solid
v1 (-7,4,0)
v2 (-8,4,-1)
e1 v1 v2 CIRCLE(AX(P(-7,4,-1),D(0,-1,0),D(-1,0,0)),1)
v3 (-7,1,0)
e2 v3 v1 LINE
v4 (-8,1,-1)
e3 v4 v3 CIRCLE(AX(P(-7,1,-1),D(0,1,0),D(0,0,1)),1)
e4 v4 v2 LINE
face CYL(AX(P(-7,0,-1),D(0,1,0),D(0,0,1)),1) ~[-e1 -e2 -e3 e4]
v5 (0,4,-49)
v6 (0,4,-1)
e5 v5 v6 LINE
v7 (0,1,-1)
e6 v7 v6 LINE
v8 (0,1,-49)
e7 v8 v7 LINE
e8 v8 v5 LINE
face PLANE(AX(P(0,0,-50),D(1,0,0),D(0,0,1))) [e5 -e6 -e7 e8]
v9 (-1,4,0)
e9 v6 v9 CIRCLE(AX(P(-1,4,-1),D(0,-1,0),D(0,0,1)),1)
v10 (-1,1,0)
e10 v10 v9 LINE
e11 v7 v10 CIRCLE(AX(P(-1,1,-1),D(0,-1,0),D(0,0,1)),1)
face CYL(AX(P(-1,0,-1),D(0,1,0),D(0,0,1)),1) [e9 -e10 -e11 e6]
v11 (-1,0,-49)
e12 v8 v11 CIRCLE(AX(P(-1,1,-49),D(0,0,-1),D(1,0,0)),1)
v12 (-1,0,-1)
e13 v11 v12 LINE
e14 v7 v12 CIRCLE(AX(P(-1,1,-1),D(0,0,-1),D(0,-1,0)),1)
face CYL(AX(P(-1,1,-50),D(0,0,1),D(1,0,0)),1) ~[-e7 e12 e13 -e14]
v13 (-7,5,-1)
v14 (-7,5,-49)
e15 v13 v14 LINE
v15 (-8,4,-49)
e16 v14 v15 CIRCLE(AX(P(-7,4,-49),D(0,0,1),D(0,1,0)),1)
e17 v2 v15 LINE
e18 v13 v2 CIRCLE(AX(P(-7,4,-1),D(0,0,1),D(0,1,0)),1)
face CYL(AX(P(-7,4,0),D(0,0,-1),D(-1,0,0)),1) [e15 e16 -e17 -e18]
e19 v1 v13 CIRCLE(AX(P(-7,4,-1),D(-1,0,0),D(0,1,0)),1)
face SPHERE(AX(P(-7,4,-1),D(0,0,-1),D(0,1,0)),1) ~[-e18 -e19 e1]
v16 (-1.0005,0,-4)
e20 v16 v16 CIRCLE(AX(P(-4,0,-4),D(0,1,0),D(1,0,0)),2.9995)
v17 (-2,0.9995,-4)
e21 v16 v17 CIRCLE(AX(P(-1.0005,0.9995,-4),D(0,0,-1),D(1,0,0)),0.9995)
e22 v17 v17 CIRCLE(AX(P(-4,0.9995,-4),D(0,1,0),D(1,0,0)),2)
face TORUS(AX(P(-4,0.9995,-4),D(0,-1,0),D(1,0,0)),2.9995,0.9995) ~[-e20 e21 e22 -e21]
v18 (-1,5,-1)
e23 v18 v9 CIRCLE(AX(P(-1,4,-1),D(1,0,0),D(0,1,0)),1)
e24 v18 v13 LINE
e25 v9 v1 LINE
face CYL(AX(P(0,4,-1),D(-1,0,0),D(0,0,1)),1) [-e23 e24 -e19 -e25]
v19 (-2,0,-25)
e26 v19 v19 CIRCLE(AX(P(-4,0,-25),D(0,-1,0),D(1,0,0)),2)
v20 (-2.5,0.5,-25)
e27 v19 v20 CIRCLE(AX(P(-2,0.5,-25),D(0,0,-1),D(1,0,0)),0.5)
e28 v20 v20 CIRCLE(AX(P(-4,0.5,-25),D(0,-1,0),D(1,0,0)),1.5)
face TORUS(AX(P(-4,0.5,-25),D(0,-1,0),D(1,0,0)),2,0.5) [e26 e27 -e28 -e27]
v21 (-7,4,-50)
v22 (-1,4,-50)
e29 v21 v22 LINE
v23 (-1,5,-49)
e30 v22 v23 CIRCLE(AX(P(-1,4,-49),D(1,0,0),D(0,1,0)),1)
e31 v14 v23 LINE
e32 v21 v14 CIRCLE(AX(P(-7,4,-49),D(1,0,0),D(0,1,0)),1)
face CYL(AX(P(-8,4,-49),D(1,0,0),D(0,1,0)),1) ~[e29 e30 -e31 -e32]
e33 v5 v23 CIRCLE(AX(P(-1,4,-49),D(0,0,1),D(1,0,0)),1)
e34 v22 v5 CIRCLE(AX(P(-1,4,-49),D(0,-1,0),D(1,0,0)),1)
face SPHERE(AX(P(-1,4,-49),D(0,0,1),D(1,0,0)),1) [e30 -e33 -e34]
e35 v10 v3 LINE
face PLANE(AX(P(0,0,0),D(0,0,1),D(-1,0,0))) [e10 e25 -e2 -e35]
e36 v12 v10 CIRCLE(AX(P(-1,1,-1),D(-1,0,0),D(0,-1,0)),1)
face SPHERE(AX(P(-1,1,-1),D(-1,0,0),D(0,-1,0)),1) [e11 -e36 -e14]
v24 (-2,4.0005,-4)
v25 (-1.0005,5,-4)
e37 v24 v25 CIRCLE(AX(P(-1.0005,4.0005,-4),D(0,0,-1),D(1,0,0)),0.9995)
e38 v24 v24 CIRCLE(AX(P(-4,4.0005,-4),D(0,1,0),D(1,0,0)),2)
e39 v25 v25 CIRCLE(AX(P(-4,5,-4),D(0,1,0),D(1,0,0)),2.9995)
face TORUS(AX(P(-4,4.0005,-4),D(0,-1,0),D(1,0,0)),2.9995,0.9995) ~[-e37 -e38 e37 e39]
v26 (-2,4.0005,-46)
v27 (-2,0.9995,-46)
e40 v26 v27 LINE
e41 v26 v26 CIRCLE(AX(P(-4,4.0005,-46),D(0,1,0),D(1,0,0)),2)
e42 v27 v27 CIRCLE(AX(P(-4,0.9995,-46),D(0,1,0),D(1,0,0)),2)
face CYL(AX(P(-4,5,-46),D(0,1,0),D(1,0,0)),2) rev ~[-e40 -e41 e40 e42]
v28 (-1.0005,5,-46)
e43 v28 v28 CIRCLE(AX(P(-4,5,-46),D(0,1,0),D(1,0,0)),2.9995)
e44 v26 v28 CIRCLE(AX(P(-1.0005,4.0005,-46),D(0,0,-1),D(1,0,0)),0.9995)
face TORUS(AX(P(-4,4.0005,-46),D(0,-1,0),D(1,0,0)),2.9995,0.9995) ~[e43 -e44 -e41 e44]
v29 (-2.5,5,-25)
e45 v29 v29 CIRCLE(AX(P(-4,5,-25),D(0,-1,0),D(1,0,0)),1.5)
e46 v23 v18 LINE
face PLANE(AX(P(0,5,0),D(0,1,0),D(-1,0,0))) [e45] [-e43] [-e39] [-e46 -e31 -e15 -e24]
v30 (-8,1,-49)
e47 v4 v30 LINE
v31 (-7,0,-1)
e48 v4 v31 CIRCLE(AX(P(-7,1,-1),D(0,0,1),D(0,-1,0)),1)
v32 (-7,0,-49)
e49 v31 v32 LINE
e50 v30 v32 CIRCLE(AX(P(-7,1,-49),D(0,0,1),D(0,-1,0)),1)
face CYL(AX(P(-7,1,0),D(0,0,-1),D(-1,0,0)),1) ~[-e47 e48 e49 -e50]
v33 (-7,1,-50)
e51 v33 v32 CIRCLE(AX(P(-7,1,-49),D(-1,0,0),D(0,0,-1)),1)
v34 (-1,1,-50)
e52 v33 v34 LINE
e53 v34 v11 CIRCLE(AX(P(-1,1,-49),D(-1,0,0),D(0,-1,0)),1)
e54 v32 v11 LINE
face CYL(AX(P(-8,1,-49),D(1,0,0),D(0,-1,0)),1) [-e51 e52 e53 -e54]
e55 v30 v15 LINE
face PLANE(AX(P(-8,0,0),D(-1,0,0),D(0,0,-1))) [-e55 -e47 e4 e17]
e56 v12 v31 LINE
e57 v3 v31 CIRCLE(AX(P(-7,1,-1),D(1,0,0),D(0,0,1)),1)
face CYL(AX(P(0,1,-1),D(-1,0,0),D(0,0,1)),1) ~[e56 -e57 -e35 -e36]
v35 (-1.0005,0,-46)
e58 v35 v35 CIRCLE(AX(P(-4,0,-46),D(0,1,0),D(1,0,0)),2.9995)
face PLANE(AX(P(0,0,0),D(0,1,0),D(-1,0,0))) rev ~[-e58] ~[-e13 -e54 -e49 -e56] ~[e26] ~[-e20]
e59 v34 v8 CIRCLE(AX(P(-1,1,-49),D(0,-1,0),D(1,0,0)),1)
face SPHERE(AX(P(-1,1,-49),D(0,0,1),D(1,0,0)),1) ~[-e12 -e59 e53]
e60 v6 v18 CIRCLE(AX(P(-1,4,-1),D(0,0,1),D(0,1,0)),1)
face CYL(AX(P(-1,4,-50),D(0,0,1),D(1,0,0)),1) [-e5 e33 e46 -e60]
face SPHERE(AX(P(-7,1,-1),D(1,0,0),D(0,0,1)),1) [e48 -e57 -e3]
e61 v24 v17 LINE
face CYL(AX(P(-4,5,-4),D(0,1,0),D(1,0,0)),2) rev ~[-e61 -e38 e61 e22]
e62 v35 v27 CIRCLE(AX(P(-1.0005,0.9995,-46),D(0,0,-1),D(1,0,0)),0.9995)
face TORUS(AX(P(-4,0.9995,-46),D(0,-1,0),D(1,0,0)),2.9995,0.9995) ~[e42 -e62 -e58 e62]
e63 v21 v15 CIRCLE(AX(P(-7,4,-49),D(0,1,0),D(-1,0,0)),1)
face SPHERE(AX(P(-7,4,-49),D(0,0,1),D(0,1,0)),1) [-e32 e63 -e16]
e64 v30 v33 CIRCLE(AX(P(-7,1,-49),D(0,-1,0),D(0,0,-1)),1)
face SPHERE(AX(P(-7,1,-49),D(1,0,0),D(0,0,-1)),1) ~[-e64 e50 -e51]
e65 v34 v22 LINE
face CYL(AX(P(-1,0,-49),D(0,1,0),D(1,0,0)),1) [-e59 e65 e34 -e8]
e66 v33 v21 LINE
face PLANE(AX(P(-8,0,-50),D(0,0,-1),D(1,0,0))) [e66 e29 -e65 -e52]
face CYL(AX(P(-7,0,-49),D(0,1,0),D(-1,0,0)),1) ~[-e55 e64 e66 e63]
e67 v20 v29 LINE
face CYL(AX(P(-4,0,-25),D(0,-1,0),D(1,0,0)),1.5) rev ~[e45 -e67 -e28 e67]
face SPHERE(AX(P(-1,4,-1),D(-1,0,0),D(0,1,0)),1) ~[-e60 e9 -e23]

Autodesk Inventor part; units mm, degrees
ref_plane "YZ Plane" through (0, 0, 0) normal (1, 0, 0) x (0, 1, 0)
ref_plane "XZ Plane" through (0, 0, 0) normal (0, 1, 0) x (-1, 0, 0)
ref_plane "XY Plane" through (0, 0, 0) normal (0, 0, 1) x (1, 0, 0)
sketch "스케치1" plane through (0, 0, 0) normal (0, 1, 0) x (-1, 0, 0)
  line L0 (0, 0) -> (8, 0)
  line L1 (8, 0) -> (8, -50)
  line L2 (8, -50) -> (0, -50)
  line L3 (0, -50) -> (0, 0)
  dimension "d0" = 50
  dimension "d1" = 8
extrude "돌출1" add sketch "스케치1" along normal blind 5
sketch "스케치2" plane through (0, 5, 0) normal (0, 1, 0) x (1, 0, 0)
  circle A0 centre (-4, 4) radius 2
  line L0 (-8, 50) -> (-8, 0) projected
  line L1 (-8, 0) -> (0, 0) projected
  circle A1 centre (-4, 46) radius 2
  line L2 (0, 0) -> (0, 50) projected
  line L3 (0, 50) -> (-8, 50) projected
  dimension "d4" = 4
  dimension "d5" = 4
  dimension "d6" = 4
  dimension "d7" = 4
  dimension "d8" = 4
  dimension "d9" = 4
sketch "스케치3" plane through (0, 0, 0) normal (0, -1, 0) x (1, 0, 0)
  circle A0 centre (-4, -25) radius 1.5
  line L0 (-8, -50) -> (0, -50) projected
  line L1 (0, -50) -> (0, 0) projected
  dimension "d10" = 3
  dimension "d11" = 25
  dimension "d12" = 4
extrude "돌출2" cut sketch "스케치2" against normal blind 5 contours A0 | A1
extrude "돌출3" cut sketch "스케치3" against normal blind 5
fillet "모깎기1" radius 1 12 edges at (-8, 5, -25) (-4, 5, 0) (0, 5, -25) (-4, 0, 0) (0, 0, -25) (0, 2.5, 0) (-8, 2.5, 0) (0, 2.5, -50) (-4, 5, -50) (-4, 0, -50) (-8, 2.5, -50) (-8, 0, -25)
fillet "모깎기2" radius 0.5 1 edges at (-5.5, 0, -25)
fillet "모깎기3" radius 1 4 edges at (-6, 0, -46) (-6, 0, -4) (-6, 5, -4) (-6, 5, -46)
properties part number "핸들"
